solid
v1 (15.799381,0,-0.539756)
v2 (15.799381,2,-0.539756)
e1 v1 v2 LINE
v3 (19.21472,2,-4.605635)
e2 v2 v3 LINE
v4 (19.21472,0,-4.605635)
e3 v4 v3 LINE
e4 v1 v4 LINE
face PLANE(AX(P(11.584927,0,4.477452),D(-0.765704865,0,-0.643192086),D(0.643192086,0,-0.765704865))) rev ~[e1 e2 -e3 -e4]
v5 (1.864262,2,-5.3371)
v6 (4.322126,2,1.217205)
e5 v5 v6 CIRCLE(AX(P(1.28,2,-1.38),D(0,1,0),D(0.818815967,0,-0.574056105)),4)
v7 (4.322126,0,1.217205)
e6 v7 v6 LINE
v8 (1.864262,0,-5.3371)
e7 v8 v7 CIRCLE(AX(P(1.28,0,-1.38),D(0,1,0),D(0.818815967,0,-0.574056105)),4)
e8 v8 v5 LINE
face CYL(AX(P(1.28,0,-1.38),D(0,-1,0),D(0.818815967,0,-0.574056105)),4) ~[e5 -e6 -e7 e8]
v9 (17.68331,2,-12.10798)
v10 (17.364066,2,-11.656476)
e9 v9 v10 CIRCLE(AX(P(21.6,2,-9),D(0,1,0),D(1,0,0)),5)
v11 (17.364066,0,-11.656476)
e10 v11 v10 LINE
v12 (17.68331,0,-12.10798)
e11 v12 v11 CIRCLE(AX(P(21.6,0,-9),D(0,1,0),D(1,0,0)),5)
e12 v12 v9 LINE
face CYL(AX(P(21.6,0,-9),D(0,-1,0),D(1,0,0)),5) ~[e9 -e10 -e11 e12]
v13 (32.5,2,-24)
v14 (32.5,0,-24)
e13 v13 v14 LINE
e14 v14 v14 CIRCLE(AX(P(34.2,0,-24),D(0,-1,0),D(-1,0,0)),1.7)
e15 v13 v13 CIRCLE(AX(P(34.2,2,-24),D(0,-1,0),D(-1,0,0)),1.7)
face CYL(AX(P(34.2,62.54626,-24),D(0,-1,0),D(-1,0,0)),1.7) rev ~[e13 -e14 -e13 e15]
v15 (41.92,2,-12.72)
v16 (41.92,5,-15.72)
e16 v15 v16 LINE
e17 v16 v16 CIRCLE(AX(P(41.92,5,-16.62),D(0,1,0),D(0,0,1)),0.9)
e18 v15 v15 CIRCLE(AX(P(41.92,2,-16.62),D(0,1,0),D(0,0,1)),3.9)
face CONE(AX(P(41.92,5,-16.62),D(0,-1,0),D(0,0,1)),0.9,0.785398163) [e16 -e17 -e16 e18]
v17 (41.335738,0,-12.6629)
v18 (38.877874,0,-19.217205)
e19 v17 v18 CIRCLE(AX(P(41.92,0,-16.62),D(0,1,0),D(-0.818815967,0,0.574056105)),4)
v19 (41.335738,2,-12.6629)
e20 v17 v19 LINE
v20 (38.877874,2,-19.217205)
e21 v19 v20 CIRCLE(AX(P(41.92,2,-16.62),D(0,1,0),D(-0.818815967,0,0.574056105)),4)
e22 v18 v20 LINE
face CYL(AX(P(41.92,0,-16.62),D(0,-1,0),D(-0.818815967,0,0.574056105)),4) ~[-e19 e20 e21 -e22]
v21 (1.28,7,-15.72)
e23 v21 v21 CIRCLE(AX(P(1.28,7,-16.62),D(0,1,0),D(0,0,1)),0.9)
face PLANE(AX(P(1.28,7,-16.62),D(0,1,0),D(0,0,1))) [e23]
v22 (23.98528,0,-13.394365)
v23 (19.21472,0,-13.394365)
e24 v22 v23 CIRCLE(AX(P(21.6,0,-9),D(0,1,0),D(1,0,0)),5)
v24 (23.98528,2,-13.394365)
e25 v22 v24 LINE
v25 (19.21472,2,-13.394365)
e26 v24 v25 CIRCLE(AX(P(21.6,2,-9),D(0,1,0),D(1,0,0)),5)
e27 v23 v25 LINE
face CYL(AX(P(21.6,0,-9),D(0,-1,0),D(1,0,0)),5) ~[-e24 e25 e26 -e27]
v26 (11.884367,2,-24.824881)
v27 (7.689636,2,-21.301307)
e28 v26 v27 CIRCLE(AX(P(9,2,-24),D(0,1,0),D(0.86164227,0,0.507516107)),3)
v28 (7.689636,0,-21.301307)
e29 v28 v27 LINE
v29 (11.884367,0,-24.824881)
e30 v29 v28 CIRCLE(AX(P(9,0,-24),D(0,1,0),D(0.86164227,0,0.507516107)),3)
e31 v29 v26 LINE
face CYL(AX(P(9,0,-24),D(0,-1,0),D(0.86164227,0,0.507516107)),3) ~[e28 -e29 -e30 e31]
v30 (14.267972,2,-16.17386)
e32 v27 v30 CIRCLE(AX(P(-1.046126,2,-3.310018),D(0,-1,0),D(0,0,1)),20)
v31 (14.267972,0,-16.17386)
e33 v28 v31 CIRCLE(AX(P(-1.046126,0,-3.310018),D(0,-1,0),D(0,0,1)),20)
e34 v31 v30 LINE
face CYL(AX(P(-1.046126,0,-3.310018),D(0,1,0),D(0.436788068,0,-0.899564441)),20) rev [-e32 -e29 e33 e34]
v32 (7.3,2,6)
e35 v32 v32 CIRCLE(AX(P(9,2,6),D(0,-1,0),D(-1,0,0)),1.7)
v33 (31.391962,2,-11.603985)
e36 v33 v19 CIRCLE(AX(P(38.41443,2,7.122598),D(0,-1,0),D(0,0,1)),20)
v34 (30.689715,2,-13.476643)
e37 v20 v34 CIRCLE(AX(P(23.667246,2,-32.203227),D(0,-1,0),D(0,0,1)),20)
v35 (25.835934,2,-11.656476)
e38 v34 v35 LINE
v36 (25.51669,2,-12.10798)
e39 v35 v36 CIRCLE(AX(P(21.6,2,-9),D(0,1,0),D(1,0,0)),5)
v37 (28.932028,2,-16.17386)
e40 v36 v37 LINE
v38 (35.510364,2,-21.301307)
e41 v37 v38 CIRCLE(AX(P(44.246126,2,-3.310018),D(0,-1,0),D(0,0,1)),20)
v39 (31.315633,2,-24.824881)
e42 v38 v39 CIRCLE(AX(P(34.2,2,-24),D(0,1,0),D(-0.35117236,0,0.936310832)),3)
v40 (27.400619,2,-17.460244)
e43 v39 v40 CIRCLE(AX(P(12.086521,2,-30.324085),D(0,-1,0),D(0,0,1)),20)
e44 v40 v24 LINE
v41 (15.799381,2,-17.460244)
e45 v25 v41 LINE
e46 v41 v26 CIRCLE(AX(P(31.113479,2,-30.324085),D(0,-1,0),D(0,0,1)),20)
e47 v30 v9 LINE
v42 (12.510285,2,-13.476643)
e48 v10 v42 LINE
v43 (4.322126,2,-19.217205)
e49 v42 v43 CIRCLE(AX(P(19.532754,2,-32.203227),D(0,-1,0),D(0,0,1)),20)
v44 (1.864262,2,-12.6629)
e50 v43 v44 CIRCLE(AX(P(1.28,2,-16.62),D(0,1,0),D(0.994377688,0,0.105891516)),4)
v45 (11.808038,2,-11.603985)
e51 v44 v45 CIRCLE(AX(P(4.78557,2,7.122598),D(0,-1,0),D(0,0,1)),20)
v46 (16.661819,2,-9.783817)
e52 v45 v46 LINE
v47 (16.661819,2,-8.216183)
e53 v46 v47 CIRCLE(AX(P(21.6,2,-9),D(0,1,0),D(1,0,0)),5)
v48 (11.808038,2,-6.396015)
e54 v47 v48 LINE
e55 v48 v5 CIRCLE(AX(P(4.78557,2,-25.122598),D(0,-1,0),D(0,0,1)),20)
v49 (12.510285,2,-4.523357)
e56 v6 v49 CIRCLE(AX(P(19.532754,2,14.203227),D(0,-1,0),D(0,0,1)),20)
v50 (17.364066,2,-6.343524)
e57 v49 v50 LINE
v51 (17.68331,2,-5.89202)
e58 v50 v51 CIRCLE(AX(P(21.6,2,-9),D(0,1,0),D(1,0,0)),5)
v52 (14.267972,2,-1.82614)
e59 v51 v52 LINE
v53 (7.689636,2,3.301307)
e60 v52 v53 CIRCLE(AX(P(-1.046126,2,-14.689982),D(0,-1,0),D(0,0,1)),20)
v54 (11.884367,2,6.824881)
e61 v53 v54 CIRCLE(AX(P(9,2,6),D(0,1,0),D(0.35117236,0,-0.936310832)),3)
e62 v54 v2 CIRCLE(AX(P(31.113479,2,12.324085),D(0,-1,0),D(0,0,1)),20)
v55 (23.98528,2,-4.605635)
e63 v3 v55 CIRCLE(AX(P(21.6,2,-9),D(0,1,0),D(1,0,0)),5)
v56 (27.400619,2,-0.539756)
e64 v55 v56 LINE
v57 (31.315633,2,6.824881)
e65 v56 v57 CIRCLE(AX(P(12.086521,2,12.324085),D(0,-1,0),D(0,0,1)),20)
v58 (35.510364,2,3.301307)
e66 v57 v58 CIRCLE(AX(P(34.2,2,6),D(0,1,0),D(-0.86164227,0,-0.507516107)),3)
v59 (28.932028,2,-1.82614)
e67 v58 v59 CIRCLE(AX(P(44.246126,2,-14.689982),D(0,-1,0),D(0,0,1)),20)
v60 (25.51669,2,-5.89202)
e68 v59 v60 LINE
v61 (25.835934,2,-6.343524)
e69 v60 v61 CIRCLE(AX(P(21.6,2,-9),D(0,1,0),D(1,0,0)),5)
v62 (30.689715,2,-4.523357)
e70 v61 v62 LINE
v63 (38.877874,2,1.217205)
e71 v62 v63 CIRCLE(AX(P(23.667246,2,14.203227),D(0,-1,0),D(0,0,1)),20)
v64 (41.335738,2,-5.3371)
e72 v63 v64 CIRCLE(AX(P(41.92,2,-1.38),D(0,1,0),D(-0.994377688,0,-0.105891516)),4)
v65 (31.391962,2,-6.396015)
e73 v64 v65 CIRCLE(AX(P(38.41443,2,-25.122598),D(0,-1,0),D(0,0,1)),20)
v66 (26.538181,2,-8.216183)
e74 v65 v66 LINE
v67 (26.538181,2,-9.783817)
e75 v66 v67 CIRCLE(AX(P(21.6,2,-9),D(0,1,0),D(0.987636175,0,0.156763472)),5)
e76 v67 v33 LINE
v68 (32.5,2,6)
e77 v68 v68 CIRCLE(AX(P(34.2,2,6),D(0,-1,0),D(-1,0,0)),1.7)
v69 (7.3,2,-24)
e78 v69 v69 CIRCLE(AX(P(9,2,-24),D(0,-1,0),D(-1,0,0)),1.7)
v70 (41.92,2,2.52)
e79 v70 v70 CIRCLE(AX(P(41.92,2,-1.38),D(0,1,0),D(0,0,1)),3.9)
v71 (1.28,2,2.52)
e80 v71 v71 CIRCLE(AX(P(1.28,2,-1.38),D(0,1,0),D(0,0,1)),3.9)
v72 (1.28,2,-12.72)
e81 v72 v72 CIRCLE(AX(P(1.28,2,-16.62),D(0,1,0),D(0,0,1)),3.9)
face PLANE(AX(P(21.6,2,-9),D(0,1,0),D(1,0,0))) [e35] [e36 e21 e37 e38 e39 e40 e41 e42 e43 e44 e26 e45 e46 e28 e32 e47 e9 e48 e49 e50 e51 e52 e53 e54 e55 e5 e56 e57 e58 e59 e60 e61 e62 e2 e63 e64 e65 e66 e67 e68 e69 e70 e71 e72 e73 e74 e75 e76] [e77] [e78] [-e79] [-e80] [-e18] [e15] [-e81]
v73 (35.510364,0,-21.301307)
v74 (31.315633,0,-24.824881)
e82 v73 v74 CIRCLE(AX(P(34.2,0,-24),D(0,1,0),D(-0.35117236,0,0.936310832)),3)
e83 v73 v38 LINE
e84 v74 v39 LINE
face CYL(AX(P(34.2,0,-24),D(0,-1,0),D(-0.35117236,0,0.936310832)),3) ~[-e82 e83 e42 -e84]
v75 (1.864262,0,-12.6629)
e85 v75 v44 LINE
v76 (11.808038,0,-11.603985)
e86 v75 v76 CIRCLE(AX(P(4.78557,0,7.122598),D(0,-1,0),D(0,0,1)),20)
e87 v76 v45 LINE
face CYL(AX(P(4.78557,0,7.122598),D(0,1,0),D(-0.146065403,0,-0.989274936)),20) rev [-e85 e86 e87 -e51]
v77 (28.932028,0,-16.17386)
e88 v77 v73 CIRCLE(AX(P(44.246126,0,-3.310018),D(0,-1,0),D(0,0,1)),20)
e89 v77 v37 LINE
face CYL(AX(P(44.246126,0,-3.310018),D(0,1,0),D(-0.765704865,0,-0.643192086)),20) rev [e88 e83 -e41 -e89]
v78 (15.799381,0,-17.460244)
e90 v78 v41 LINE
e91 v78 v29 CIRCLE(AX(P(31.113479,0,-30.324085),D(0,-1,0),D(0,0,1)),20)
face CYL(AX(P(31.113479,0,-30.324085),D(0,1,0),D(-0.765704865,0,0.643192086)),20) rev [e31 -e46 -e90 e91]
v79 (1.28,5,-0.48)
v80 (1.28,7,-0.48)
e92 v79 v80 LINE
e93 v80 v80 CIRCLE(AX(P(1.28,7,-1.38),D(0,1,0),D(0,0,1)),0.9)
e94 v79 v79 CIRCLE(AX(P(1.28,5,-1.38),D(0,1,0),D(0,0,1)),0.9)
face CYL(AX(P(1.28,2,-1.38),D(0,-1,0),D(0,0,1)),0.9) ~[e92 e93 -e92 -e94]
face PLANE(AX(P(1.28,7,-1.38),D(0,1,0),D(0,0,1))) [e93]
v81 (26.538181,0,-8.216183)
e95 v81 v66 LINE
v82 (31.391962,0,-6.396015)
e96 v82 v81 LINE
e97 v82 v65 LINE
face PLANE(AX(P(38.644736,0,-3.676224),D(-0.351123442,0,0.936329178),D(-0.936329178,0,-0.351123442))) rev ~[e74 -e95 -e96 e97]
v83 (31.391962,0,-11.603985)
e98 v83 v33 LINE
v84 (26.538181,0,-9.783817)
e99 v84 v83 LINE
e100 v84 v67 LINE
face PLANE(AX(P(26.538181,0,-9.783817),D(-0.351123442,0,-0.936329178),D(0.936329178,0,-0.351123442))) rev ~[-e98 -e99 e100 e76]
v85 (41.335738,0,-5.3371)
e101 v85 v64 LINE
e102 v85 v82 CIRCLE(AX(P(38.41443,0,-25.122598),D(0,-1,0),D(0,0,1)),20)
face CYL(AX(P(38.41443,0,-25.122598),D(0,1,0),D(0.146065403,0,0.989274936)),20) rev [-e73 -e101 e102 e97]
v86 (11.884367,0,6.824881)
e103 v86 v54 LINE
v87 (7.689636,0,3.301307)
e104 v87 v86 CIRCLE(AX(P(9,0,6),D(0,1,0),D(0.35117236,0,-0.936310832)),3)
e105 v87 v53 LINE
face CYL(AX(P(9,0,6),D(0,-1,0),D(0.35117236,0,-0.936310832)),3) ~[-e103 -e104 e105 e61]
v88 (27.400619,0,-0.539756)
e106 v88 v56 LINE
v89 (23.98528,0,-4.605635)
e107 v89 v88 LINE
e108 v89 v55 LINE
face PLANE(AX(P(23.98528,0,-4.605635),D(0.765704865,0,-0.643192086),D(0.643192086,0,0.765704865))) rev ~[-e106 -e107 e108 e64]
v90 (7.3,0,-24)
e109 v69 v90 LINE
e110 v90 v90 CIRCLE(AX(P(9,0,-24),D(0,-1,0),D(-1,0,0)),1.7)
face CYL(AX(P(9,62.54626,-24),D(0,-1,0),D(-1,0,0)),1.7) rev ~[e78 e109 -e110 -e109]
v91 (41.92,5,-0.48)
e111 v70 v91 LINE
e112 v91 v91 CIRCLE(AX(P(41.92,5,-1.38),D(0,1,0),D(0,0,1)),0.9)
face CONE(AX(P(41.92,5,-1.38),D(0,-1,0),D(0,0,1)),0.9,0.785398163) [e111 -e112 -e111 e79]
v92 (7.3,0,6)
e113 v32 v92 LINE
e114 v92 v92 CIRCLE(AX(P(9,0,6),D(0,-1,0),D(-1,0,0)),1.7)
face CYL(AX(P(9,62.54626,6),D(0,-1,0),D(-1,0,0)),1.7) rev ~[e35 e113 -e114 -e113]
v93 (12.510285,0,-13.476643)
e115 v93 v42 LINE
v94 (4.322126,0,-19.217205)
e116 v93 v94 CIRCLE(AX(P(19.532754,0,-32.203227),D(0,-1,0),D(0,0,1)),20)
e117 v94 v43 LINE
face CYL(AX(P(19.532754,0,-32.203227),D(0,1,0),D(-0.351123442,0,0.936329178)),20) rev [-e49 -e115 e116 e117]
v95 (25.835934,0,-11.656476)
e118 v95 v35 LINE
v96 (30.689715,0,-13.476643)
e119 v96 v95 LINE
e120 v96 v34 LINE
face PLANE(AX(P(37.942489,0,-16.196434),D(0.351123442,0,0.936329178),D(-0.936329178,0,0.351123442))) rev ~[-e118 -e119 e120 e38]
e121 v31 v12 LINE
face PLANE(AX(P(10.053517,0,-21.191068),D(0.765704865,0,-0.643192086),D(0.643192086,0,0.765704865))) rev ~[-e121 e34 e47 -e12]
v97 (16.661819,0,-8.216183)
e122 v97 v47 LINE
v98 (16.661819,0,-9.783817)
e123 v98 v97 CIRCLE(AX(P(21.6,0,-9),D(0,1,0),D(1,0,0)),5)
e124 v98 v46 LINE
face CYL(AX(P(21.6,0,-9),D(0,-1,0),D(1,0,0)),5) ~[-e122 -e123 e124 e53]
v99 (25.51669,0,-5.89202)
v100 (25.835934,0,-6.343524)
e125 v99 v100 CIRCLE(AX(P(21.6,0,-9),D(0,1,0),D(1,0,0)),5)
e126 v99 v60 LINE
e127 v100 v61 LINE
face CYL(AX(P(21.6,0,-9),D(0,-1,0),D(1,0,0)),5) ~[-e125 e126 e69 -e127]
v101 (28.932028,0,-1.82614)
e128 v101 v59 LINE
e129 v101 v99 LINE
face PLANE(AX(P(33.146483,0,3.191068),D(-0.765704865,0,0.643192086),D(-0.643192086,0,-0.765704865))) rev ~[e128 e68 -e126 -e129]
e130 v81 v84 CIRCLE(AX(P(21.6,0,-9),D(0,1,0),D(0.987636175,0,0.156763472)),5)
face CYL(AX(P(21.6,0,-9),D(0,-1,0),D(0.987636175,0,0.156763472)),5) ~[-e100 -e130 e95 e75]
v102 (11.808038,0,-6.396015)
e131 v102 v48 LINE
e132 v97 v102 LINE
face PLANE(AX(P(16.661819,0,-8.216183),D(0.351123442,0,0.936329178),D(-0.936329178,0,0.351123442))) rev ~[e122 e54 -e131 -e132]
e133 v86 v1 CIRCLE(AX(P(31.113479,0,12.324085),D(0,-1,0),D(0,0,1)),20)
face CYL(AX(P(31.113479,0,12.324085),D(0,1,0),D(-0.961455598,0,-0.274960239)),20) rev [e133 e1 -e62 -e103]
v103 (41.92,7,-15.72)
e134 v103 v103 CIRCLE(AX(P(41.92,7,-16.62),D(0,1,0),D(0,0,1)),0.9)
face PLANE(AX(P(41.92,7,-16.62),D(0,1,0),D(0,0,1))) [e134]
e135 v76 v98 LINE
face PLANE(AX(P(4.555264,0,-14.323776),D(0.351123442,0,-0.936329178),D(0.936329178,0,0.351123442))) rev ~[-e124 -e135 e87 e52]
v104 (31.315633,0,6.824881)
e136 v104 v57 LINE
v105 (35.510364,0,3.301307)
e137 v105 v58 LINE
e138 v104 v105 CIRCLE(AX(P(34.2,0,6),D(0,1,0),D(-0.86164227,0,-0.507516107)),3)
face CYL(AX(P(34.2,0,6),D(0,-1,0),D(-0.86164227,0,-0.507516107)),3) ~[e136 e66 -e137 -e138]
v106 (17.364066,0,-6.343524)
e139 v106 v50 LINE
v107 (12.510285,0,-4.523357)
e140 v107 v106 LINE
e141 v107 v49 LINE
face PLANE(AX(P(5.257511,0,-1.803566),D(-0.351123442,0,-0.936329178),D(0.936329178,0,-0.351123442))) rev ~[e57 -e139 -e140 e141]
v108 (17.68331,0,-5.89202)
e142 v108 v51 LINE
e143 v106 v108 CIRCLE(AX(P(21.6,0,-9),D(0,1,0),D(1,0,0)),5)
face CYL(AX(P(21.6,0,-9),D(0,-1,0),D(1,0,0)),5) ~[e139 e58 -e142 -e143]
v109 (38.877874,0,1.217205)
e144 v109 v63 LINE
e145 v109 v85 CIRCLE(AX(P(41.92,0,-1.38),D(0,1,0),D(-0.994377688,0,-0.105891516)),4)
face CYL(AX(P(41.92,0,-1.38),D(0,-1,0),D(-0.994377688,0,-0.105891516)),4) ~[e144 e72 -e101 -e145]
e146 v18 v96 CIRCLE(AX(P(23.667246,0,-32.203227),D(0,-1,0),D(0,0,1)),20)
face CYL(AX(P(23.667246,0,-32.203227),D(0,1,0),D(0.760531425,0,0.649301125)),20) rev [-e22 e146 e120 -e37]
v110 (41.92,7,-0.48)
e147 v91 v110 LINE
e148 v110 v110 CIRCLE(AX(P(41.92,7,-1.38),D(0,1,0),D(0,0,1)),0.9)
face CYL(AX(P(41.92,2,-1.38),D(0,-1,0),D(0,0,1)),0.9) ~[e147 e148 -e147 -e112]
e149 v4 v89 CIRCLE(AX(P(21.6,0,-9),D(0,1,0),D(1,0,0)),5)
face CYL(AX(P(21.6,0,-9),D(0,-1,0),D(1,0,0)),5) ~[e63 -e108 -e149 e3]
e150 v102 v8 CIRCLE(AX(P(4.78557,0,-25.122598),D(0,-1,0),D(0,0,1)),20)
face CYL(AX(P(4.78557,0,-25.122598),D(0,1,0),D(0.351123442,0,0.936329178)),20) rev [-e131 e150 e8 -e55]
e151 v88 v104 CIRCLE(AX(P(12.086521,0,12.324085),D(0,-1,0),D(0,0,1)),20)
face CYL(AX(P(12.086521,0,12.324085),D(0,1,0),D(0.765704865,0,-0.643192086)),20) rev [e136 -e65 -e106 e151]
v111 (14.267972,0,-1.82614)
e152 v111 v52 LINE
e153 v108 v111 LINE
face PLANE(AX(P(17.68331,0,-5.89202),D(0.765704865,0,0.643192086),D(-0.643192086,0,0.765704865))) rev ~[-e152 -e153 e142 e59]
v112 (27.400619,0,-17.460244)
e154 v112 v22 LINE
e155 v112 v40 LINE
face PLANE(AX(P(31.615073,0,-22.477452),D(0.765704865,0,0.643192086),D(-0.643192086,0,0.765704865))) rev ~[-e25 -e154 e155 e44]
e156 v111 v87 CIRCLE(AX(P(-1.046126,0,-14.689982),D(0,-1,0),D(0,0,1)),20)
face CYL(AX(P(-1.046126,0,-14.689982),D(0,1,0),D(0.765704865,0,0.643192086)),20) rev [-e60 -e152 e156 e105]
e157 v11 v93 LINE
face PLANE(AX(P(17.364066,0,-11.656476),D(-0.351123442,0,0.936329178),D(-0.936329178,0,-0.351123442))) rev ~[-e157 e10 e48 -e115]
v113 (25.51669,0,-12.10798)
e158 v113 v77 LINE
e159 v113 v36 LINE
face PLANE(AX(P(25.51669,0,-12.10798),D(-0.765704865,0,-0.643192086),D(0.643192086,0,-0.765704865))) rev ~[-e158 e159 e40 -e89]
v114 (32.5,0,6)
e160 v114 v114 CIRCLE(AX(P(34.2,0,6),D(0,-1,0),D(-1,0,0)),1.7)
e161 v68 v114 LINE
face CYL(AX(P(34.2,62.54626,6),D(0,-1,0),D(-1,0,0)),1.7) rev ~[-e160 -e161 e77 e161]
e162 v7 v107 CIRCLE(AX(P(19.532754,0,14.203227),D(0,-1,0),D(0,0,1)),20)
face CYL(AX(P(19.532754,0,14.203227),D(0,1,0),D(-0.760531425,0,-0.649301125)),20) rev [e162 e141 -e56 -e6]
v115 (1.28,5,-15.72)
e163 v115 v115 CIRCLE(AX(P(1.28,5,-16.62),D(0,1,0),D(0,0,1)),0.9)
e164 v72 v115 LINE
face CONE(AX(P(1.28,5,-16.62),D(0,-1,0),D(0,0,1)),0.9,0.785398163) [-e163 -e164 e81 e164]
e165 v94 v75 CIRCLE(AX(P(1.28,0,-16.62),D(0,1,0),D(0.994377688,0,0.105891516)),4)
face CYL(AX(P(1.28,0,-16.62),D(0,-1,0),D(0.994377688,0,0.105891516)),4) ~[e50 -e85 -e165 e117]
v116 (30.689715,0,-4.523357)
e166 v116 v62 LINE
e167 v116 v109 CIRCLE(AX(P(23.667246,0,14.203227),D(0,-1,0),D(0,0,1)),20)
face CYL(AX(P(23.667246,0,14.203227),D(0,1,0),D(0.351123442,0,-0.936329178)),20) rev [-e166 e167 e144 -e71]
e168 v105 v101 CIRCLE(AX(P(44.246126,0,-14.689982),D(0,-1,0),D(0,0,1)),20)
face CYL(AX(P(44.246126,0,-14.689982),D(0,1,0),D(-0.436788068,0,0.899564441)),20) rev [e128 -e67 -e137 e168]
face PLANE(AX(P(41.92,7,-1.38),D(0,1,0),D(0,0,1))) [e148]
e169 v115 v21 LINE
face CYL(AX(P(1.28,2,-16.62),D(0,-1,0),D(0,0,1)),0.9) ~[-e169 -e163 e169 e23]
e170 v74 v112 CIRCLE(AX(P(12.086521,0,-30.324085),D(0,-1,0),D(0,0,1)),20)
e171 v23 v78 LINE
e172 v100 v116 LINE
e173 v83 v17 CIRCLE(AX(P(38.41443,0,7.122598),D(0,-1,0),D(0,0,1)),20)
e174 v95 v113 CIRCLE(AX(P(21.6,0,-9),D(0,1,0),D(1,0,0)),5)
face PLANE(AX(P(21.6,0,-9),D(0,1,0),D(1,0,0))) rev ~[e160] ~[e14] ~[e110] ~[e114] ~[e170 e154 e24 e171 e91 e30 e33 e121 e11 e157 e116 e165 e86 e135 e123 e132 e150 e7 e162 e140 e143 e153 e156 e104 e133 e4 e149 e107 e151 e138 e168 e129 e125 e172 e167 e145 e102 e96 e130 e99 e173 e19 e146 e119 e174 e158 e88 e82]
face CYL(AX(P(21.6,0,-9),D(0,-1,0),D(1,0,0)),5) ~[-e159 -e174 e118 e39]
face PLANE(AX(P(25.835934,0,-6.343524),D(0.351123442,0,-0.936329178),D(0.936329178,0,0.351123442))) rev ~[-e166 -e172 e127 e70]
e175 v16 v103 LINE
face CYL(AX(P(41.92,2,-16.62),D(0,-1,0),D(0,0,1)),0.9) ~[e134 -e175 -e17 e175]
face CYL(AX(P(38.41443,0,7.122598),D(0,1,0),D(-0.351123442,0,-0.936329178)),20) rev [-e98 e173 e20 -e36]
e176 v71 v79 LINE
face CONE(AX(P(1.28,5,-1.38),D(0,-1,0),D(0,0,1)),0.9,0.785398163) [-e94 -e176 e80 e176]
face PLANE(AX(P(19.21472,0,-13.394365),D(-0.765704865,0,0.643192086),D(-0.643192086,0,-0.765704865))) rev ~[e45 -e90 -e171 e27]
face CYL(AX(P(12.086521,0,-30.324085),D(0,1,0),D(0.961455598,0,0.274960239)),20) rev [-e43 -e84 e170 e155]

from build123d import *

# Parameters (mm, degrees)
SKETCH1_R            = 5
BOSS_EXTRUDE1_DEPTH  = 2
FILLET1_R            = 20
M3_CLEARANCE_HOLE2_D = 3.4
SKETCH5_R            = 0.9
BOSS_EXTRUDE2_DEPTH  = 5
CHAMFER1_SIZE        = 3


with BuildPart() as part:
    # Sketch1 → Boss-Extrude1 (new body)
    with BuildSketch(Plane(origin=(0, 0, 0), x_dir=(1, 0, 0), z_dir=(0, 1, 0))):
        with Locations((21.6, 9)):
            Circle(SKETCH1_R)
        with BuildLine():
            Line((24.81621403, 11.274080729), (33.146482921, 21.191067504))
            ThreePointArc((33.146482921, 21.191067504), (36.129576259, 26.297114594), (31.615073192, 22.477451677))
            Line((31.615073192, 22.477451677), (21.6, 10.554745497))
            Line((21.6, 10.554745497), (11.584926808, 22.477451677))
            ThreePointArc((11.584926808, 22.477451677), (7.070423741, 26.297114594), (10.053517079, 21.191067504))
            Line((10.053517079, 21.191067504), (18.38378597, 11.274080729))
            Line((18.38378597, 11.274080729), (5.257510753, 16.196433936))
            ThreePointArc((5.257510753, 16.196433936), (-2.46531671, 18.024493766), (4.55526387, 14.323775581))
            Line((4.55526387, 14.323775581), (18.751998752, 9))
            Line((18.751998752, 9), (4.55526387, 3.676224419))
            ThreePointArc((4.55526387, 3.676224419), (-2.46531671, -0.024493766), (5.257510753, 1.803566064))
            Line((5.257510753, 1.803566064), (18.38378597, 6.725919271))
            Line((18.38378597, 6.725919271), (10.053517079, -3.191067504))
            ThreePointArc((10.053517079, -3.191067504), (7.070423741, -8.297114594), (11.584926808, -4.477451677))
            Line((11.584926808, -4.477451677), (21.6, 7.445254503))
            Line((21.6, 7.445254503), (31.615073192, -4.477451677))
            ThreePointArc((31.615073192, -4.477451677), (36.129576259, -8.297114594), (33.146482921, -3.191067504))
            Line((33.146482921, -3.191067504), (24.81621403, 6.725919271))
            Line((24.81621403, 6.725919271), (37.942489247, 1.803566064))
            ThreePointArc((37.942489247, 1.803566064), (45.66531671, -0.024493766), (38.64473613, 3.676224419))
            Line((38.64473613, 3.676224419), (24.448001248, 9))
            Line((24.448001248, 9), (38.64473613, 14.323775581))
            ThreePointArc((38.64473613, 14.323775581), (45.66531671, 18.024493766), (37.942489247, 16.196433936))
            Line((37.942489247, 16.196433936), (24.81621403, 11.274080729))
        make_face()
    extrude(amount=BOSS_EXTRUDE1_DEPTH)

    # Fillet1
    fillet1_edges = [part.edges().sort_by_distance(p)[0] for p in [
        (5.257510753, 1, -16.196433936),
        (4.55526387, 1, -14.323775581),
        (4.55526387, 1, -3.676224419),
        (5.257510753, 1, -1.803566064),
        (10.053517079, 1, 3.191067504),
        (11.584926808, 1, 4.477451677),
        (31.615073192, 1, 4.477451677),
        (33.146482921, 1, 3.191067504),
        (37.942489247, 1, -1.803566064),
        (38.64473613, 1, -3.676224419),
        (38.64473613, 1, -14.323775581),
        (37.942489247, 1, -16.196433936),
        (33.146482921, 1, -21.191067504),
        (31.615073192, 1, -22.477451677),
        (11.584926808, 1, -22.477451677),
        (10.053517079, 1, -21.191067504),
    ]]
    fillet(fillet1_edges, radius=FILLET1_R)

    # M3 Clearance Hole2 (through all)
    with Locations(Plane(origin=(0, 2, 0), x_dir=(1, 0, 0), z_dir=(0, 1, 0))):
        with Locations((9, -6), (34.2, -6), (34.2, 24), (9, 24)):
            Hole(M3_CLEARANCE_HOLE2_D / 2)

    # Sketch5 → Boss-Extrude2 (add)
    with BuildSketch(Plane(origin=(0, 2, 0), x_dir=(1, 0, 0), z_dir=(0, 1, 0))):
        with Locations(Location((1.28, 1.38, 0), (0, 0, 270))):
            Circle(SKETCH5_R)
        with Locations(Location((41.92, 1.38, 0), (0, 0, 270))):
            Circle(SKETCH5_R)
        with Locations(Location((41.92, 16.62, 0), (0, 0, 270))):
            Circle(SKETCH5_R)
        with Locations(Location((1.28, 16.62, 0), (0, 0, 270))):
            Circle(SKETCH5_R)
    extrude(amount=BOSS_EXTRUDE2_DEPTH)

    # Chamfer1
    chamfer1_edges = [part.edges().sort_by_distance(p)[0] for p in [
        (1.28, 2, -2.28),
        (41.92, 2, -2.28),
        (41.92, 2, -17.52),
        (1.28, 2, -17.52),
    ]]
    chamfer(chamfer1_edges, length=CHAMFER1_SIZE)


solid = part.part
